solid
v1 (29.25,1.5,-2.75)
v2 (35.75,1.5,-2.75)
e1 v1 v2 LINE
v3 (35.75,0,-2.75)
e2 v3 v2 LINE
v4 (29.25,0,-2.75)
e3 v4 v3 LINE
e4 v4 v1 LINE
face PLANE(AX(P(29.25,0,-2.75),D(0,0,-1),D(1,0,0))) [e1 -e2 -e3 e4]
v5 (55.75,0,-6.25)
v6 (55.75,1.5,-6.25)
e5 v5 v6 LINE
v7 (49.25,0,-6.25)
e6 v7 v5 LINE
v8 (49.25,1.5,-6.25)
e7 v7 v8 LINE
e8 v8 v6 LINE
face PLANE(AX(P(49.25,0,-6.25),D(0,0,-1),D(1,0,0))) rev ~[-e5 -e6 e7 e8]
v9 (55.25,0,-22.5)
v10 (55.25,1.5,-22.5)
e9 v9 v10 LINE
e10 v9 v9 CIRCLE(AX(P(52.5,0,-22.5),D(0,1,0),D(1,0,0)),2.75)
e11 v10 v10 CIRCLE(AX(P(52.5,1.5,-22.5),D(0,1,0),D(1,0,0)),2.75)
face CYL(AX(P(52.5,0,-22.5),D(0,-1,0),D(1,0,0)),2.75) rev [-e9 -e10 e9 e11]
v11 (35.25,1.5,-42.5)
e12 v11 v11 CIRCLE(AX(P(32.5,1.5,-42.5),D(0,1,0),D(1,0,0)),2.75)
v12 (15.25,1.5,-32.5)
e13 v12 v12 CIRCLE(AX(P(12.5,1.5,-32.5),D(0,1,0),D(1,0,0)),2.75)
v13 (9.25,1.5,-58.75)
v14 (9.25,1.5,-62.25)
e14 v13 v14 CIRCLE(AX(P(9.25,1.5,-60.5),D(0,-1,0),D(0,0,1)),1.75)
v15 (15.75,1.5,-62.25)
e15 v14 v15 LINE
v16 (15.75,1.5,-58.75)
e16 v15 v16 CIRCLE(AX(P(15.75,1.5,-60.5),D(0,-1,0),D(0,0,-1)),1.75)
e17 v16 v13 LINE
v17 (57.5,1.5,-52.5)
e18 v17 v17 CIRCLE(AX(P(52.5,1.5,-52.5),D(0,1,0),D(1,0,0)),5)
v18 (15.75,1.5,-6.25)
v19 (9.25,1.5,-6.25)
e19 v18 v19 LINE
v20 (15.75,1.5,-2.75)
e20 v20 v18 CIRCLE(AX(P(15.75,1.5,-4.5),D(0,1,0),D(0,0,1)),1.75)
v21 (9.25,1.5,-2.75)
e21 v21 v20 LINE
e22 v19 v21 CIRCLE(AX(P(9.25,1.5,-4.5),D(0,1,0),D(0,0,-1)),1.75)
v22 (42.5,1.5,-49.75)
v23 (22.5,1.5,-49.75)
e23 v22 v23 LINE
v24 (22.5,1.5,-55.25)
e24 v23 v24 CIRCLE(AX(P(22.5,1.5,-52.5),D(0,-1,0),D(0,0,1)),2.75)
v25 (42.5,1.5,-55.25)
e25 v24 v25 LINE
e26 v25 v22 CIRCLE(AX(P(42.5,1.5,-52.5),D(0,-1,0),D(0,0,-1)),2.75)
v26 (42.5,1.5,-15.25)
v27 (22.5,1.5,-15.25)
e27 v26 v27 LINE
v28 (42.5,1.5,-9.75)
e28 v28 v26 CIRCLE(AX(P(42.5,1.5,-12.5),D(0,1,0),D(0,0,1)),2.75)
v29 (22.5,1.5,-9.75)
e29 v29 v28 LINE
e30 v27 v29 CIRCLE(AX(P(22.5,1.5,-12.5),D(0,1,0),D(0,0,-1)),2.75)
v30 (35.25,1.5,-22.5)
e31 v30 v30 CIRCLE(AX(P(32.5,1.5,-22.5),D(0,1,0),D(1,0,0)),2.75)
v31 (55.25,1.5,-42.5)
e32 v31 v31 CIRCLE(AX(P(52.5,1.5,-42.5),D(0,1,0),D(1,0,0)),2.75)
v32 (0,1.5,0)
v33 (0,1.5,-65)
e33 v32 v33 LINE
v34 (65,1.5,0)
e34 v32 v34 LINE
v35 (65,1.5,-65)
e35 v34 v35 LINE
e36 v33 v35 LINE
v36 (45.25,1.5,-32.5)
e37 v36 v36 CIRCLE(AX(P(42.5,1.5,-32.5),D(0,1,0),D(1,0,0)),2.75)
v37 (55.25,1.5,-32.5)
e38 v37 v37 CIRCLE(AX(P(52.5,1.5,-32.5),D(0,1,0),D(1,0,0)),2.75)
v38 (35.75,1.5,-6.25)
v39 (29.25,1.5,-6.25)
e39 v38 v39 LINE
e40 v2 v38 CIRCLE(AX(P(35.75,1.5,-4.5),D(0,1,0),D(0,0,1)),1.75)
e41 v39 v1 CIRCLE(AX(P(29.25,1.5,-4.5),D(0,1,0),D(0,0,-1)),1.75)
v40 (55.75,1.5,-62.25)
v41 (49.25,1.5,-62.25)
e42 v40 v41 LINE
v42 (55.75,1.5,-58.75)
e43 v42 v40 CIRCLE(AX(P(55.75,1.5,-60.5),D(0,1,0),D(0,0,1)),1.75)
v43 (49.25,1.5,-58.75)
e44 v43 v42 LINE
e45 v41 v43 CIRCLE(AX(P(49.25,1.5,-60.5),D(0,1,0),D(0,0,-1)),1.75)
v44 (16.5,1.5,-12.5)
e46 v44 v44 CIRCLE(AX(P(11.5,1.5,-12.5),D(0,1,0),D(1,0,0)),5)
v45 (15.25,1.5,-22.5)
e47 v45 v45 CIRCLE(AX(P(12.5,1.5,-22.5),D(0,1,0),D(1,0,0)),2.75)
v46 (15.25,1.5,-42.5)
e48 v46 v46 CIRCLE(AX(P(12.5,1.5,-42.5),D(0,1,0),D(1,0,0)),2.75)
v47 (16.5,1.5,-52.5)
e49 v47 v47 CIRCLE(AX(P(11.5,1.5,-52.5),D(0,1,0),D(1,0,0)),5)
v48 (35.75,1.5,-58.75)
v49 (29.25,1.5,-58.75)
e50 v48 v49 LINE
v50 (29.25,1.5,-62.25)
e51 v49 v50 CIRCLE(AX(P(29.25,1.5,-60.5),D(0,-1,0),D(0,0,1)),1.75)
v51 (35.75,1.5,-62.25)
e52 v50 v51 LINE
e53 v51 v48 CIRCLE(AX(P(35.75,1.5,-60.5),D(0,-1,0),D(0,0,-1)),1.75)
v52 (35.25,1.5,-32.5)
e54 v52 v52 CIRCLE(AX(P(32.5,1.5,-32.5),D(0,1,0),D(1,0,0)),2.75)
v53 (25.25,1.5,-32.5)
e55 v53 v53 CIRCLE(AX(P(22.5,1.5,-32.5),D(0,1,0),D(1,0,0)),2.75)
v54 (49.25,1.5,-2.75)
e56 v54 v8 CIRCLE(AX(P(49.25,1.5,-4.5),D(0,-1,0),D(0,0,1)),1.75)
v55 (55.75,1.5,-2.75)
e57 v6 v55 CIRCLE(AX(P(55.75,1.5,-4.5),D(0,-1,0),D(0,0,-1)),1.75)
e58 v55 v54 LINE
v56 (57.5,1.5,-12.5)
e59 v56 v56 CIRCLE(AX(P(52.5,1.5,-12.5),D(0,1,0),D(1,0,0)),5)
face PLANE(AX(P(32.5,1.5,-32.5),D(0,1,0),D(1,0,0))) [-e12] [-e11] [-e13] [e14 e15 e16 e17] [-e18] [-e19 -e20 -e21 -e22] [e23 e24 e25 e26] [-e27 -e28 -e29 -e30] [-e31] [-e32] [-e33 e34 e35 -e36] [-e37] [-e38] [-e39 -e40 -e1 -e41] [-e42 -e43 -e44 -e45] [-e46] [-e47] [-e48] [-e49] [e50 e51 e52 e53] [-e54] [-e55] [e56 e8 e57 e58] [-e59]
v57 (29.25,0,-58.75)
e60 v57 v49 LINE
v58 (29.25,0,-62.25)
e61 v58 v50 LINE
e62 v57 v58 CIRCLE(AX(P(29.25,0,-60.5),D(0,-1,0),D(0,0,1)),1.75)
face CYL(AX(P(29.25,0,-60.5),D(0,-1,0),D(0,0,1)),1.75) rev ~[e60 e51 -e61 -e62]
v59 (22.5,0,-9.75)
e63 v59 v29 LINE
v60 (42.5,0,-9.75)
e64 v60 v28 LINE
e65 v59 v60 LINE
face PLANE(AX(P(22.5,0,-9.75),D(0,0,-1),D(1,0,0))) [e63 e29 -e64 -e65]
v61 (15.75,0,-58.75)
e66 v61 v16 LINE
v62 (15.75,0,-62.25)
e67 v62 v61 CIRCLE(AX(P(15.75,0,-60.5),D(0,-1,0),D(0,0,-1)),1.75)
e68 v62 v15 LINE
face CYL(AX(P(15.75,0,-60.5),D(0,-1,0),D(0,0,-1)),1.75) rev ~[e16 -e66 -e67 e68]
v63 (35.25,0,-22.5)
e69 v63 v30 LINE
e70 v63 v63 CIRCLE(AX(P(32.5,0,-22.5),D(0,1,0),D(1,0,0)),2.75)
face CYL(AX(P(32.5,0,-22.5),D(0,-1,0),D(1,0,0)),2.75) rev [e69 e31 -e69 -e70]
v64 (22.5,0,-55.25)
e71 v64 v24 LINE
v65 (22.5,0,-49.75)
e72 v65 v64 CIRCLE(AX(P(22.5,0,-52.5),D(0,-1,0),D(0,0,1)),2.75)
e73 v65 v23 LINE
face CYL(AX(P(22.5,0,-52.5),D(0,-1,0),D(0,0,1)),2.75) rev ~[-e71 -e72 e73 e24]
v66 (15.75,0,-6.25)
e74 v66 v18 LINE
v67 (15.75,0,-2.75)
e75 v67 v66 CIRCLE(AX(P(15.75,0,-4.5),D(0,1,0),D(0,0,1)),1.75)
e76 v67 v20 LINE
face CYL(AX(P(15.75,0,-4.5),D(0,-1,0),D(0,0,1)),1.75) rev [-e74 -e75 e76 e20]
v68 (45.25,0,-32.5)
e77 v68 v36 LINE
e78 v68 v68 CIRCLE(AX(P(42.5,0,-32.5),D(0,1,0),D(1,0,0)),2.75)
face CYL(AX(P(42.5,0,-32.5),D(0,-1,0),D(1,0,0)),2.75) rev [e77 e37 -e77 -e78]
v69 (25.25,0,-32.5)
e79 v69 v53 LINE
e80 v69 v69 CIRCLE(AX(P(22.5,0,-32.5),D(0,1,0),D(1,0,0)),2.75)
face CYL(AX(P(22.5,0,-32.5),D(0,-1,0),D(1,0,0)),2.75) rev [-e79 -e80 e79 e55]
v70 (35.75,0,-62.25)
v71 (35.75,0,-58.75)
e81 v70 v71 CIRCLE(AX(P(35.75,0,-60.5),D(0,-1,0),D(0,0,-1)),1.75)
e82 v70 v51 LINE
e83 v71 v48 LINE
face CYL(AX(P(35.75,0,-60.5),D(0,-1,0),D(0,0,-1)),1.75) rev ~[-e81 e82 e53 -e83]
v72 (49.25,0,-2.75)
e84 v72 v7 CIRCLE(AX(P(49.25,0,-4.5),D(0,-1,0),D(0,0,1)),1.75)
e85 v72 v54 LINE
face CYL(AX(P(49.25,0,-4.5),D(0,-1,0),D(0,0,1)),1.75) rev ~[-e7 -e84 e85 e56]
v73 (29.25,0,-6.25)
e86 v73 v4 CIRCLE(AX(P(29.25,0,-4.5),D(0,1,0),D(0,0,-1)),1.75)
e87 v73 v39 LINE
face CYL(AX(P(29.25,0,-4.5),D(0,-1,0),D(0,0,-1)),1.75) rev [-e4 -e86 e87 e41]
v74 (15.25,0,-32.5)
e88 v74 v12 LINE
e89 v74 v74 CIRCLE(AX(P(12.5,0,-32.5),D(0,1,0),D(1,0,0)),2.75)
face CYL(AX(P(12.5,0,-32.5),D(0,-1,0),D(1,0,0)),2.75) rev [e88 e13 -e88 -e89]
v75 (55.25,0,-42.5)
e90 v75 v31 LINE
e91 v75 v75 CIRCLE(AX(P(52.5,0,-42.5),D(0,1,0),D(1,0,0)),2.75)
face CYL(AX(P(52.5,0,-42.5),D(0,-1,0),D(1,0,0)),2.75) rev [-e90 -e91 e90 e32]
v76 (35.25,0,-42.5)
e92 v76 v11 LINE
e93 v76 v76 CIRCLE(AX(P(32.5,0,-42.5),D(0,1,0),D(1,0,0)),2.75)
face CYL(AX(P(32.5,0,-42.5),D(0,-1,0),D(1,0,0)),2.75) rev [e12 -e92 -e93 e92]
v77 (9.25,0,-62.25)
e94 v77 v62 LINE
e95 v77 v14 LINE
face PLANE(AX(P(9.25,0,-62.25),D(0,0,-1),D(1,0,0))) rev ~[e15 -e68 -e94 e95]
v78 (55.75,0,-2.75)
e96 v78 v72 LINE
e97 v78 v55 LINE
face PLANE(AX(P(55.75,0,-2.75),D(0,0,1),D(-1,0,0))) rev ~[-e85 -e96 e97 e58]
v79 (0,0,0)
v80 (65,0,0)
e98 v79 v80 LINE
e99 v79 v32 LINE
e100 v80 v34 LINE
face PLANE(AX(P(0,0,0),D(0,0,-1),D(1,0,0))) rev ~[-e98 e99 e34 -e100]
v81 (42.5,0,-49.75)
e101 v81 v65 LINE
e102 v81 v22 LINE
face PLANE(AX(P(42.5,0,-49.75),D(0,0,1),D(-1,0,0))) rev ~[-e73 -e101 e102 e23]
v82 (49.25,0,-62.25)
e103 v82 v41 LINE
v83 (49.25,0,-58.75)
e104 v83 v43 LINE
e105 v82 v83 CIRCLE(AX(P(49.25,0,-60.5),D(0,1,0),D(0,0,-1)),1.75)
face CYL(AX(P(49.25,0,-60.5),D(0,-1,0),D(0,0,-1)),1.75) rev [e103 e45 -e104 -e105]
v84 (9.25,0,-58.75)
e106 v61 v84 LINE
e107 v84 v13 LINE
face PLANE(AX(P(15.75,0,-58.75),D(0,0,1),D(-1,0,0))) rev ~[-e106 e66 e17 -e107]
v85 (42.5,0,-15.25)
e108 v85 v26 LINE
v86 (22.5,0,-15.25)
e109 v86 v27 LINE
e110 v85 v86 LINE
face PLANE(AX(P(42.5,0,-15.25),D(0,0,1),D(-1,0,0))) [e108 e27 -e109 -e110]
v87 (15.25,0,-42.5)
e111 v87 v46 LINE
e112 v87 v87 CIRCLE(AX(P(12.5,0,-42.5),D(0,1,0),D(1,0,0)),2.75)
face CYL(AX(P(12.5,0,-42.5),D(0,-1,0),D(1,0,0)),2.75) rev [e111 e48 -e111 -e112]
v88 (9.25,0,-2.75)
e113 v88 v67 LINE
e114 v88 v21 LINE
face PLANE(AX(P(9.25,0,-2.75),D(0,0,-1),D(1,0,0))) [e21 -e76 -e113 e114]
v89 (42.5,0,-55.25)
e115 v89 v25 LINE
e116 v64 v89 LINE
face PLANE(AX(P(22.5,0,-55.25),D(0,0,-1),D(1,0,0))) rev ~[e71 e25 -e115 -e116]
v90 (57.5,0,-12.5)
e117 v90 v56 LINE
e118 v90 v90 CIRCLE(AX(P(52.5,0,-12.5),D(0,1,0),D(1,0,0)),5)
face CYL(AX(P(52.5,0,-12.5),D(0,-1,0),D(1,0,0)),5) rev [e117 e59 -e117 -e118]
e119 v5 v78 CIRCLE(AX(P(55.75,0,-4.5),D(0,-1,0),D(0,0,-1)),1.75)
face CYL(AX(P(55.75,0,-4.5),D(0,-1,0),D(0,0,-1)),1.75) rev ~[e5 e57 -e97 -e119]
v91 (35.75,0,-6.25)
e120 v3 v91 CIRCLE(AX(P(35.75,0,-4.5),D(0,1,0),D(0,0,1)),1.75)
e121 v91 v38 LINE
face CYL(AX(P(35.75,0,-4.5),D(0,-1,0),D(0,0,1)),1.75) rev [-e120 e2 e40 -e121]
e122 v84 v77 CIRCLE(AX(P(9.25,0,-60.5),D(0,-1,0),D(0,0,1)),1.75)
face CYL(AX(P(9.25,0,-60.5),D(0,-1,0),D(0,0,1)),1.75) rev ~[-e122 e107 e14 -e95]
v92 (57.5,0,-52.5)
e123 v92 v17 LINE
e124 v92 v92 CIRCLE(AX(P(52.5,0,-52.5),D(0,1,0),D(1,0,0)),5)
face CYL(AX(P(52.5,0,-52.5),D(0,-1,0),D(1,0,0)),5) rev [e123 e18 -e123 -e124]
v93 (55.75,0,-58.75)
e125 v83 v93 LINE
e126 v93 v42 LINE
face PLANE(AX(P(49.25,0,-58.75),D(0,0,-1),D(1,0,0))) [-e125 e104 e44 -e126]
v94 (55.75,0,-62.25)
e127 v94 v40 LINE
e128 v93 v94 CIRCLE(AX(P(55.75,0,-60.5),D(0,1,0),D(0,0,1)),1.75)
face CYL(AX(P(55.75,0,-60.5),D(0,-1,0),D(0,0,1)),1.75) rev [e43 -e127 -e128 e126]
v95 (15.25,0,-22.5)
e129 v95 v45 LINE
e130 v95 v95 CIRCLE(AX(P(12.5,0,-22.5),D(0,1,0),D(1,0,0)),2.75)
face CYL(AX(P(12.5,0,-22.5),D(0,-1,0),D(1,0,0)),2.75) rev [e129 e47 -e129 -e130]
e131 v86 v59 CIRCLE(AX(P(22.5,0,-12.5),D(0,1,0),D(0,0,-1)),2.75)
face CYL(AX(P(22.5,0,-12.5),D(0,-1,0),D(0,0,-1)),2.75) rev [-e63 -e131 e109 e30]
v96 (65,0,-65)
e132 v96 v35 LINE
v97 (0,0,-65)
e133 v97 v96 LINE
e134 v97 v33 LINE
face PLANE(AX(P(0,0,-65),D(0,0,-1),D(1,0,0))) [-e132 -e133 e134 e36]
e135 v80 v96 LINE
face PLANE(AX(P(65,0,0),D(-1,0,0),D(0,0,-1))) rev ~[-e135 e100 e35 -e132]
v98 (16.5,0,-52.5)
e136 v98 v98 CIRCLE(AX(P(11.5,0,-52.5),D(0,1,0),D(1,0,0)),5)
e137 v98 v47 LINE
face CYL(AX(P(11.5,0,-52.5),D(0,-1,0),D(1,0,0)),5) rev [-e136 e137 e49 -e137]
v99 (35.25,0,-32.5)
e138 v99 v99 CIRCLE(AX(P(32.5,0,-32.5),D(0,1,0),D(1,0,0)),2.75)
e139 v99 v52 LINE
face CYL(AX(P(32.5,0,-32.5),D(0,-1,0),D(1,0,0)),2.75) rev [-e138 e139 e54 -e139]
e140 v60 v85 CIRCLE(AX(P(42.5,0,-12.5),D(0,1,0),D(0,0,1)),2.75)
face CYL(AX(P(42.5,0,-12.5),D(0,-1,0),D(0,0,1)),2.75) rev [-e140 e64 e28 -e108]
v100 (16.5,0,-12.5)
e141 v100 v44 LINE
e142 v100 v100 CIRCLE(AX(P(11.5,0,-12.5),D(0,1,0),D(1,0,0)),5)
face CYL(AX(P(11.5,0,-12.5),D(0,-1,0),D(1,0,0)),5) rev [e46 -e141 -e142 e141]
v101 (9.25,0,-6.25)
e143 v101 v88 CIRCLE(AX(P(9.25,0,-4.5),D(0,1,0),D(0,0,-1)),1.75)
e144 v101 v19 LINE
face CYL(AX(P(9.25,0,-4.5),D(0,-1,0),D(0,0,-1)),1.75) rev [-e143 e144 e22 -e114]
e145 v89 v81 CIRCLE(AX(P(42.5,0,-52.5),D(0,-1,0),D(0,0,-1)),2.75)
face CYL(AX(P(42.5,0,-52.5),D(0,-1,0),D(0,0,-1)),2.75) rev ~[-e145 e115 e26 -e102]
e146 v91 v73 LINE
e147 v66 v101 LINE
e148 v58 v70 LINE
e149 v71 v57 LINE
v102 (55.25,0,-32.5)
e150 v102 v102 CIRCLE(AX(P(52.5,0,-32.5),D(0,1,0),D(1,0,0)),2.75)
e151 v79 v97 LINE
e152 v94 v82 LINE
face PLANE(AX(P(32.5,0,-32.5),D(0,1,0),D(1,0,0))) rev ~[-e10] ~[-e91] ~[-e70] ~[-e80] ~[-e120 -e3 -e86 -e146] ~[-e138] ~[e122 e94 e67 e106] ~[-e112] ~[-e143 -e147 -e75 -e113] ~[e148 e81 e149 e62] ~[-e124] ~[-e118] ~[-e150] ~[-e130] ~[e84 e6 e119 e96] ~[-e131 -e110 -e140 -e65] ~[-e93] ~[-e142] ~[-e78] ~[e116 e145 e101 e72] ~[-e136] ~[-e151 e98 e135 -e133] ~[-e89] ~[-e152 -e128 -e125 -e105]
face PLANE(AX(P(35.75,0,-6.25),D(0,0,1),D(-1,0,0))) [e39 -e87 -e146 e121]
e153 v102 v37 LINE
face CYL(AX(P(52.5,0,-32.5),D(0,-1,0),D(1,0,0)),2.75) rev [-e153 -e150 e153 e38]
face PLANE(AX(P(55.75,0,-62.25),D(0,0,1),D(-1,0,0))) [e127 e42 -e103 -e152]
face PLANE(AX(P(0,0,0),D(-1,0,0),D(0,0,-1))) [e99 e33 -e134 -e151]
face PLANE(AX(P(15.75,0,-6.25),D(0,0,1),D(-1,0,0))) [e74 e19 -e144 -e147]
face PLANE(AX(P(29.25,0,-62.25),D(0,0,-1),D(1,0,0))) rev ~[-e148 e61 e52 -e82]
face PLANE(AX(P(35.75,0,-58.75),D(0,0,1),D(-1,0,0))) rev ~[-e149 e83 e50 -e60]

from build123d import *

# Parameters (mm, degrees)
SKETCH1_W           = 65
SKETCH1_H           = 65
SKETCH1_R           = 2.75
SKETCH1_R_2         = 5
BOSS_EXTRUDE1_DEPTH = 1.5


with BuildPart() as part:
    # Sketch1 → Boss-Extrude1 (new body)
    with BuildSketch(Plane(origin=(0, 0, 0), x_dir=(1, 0, 0), z_dir=(0, 1, 0))):
        with Locations((32.5, 32.5)):
            Rectangle(SKETCH1_W, SKETCH1_H)
        with Locations((32.5, 32.5)):
            Circle(SKETCH1_R, mode=Mode.SUBTRACT)
        with Locations((22.5, 32.5)):
            Circle(SKETCH1_R, mode=Mode.SUBTRACT)
        with Locations((12.5, 32.5)):
            Circle(SKETCH1_R, mode=Mode.SUBTRACT)
        with Locations((32.5, 42.5)):
            Circle(SKETCH1_R, mode=Mode.SUBTRACT)
        with Locations((12.5, 42.5)):
            Circle(SKETCH1_R, mode=Mode.SUBTRACT)
        with Locations((11.5, 52.5)):
            Circle(SKETCH1_R_2, mode=Mode.SUBTRACT)
        with Locations((42.5, 32.5)):
            Circle(SKETCH1_R, mode=Mode.SUBTRACT)
        with Locations((52.5, 32.5)):
            Circle(SKETCH1_R, mode=Mode.SUBTRACT)
        with Locations((52.5, 42.5)):
            Circle(SKETCH1_R, mode=Mode.SUBTRACT)
        with Locations((52.5, 22.5)):
            Circle(SKETCH1_R, mode=Mode.SUBTRACT)
        with Locations((32.5, 22.5)):
            Circle(SKETCH1_R, mode=Mode.SUBTRACT)
        with Locations((12.5, 22.5)):
            Circle(SKETCH1_R, mode=Mode.SUBTRACT)
        with Locations((11.5, 12.5)):
            Circle(SKETCH1_R_2, mode=Mode.SUBTRACT)
        with Locations((52.5, 52.5)):
            Circle(SKETCH1_R_2, mode=Mode.SUBTRACT)
        with Locations((52.5, 12.5)):
            Circle(SKETCH1_R_2, mode=Mode.SUBTRACT)
        with BuildLine():
            Line((22.5, 55.25), (42.5, 55.25))
            ThreePointArc((42.5, 55.25), (45.25, 52.5), (42.5, 49.75))
            Line((42.5, 49.75), (22.5, 49.75))
            ThreePointArc((22.5, 49.75), (19.75, 52.5), (22.5, 55.25))
        make_face(mode=Mode.SUBTRACT)
        with BuildLine():
            Line((29.25, 62.25), (35.75, 62.25))
            ThreePointArc((35.75, 62.25), (37.5, 60.5), (35.75, 58.75))
            Line((35.75, 58.75), (29.25, 58.75))
            ThreePointArc((29.25, 58.75), (27.5, 60.5), (29.25, 62.25))
        make_face(mode=Mode.SUBTRACT)
        with BuildLine():
            Line((9.25, 62.25), (15.75, 62.25))
            ThreePointArc((15.75, 62.25), (17.5, 60.5), (15.75, 58.75))
            Line((15.75, 58.75), (9.25, 58.75))
            ThreePointArc((9.25, 58.75), (7.5, 60.5), (9.25, 62.25))
        make_face(mode=Mode.SUBTRACT)
        with BuildLine():
            Line((55.75, 62.25), (49.25, 62.25))
            ThreePointArc((49.25, 62.25), (47.5, 60.5), (49.25, 58.75))
            Line((49.25, 58.75), (55.75, 58.75))
            ThreePointArc((55.75, 58.75), (57.5, 60.5), (55.75, 62.25))
        make_face(mode=Mode.SUBTRACT)
        with BuildLine():
            Line((22.5, 9.75), (42.5, 9.75))
            ThreePointArc((42.5, 9.75), (45.25, 12.5), (42.5, 15.25))
            Line((42.5, 15.25), (22.5, 15.25))
            ThreePointArc((22.5, 15.25), (19.75, 12.5), (22.5, 9.75))
        make_face(mode=Mode.SUBTRACT)
        with BuildLine():
            Line((55.75, 2.75), (49.25, 2.75))
            ThreePointArc((49.25, 2.75), (47.5, 4.5), (49.25, 6.25))
            Line((49.25, 6.25), (55.75, 6.25))
            ThreePointArc((55.75, 6.25), (57.5, 4.5), (55.75, 2.75))
        make_face(mode=Mode.SUBTRACT)
        with BuildLine():
            Line((9.25, 2.75), (15.75, 2.75))
            ThreePointArc((15.75, 2.75), (17.5, 4.5), (15.75, 6.25))
            Line((15.75, 6.25), (9.25, 6.25))
            ThreePointArc((9.25, 6.25), (7.5, 4.5), (9.25, 2.75))
        make_face(mode=Mode.SUBTRACT)
        with BuildLine():
            Line((29.25, 2.75), (35.75, 2.75))
            ThreePointArc((35.75, 2.75), (37.5, 4.5), (35.75, 6.25))
            Line((35.75, 6.25), (29.25, 6.25))
            ThreePointArc((29.25, 6.25), (27.5, 4.5), (29.25, 2.75))
        make_face(mode=Mode.SUBTRACT)
    extrude(amount=BOSS_EXTRUDE1_DEPTH)


solid = part.part
